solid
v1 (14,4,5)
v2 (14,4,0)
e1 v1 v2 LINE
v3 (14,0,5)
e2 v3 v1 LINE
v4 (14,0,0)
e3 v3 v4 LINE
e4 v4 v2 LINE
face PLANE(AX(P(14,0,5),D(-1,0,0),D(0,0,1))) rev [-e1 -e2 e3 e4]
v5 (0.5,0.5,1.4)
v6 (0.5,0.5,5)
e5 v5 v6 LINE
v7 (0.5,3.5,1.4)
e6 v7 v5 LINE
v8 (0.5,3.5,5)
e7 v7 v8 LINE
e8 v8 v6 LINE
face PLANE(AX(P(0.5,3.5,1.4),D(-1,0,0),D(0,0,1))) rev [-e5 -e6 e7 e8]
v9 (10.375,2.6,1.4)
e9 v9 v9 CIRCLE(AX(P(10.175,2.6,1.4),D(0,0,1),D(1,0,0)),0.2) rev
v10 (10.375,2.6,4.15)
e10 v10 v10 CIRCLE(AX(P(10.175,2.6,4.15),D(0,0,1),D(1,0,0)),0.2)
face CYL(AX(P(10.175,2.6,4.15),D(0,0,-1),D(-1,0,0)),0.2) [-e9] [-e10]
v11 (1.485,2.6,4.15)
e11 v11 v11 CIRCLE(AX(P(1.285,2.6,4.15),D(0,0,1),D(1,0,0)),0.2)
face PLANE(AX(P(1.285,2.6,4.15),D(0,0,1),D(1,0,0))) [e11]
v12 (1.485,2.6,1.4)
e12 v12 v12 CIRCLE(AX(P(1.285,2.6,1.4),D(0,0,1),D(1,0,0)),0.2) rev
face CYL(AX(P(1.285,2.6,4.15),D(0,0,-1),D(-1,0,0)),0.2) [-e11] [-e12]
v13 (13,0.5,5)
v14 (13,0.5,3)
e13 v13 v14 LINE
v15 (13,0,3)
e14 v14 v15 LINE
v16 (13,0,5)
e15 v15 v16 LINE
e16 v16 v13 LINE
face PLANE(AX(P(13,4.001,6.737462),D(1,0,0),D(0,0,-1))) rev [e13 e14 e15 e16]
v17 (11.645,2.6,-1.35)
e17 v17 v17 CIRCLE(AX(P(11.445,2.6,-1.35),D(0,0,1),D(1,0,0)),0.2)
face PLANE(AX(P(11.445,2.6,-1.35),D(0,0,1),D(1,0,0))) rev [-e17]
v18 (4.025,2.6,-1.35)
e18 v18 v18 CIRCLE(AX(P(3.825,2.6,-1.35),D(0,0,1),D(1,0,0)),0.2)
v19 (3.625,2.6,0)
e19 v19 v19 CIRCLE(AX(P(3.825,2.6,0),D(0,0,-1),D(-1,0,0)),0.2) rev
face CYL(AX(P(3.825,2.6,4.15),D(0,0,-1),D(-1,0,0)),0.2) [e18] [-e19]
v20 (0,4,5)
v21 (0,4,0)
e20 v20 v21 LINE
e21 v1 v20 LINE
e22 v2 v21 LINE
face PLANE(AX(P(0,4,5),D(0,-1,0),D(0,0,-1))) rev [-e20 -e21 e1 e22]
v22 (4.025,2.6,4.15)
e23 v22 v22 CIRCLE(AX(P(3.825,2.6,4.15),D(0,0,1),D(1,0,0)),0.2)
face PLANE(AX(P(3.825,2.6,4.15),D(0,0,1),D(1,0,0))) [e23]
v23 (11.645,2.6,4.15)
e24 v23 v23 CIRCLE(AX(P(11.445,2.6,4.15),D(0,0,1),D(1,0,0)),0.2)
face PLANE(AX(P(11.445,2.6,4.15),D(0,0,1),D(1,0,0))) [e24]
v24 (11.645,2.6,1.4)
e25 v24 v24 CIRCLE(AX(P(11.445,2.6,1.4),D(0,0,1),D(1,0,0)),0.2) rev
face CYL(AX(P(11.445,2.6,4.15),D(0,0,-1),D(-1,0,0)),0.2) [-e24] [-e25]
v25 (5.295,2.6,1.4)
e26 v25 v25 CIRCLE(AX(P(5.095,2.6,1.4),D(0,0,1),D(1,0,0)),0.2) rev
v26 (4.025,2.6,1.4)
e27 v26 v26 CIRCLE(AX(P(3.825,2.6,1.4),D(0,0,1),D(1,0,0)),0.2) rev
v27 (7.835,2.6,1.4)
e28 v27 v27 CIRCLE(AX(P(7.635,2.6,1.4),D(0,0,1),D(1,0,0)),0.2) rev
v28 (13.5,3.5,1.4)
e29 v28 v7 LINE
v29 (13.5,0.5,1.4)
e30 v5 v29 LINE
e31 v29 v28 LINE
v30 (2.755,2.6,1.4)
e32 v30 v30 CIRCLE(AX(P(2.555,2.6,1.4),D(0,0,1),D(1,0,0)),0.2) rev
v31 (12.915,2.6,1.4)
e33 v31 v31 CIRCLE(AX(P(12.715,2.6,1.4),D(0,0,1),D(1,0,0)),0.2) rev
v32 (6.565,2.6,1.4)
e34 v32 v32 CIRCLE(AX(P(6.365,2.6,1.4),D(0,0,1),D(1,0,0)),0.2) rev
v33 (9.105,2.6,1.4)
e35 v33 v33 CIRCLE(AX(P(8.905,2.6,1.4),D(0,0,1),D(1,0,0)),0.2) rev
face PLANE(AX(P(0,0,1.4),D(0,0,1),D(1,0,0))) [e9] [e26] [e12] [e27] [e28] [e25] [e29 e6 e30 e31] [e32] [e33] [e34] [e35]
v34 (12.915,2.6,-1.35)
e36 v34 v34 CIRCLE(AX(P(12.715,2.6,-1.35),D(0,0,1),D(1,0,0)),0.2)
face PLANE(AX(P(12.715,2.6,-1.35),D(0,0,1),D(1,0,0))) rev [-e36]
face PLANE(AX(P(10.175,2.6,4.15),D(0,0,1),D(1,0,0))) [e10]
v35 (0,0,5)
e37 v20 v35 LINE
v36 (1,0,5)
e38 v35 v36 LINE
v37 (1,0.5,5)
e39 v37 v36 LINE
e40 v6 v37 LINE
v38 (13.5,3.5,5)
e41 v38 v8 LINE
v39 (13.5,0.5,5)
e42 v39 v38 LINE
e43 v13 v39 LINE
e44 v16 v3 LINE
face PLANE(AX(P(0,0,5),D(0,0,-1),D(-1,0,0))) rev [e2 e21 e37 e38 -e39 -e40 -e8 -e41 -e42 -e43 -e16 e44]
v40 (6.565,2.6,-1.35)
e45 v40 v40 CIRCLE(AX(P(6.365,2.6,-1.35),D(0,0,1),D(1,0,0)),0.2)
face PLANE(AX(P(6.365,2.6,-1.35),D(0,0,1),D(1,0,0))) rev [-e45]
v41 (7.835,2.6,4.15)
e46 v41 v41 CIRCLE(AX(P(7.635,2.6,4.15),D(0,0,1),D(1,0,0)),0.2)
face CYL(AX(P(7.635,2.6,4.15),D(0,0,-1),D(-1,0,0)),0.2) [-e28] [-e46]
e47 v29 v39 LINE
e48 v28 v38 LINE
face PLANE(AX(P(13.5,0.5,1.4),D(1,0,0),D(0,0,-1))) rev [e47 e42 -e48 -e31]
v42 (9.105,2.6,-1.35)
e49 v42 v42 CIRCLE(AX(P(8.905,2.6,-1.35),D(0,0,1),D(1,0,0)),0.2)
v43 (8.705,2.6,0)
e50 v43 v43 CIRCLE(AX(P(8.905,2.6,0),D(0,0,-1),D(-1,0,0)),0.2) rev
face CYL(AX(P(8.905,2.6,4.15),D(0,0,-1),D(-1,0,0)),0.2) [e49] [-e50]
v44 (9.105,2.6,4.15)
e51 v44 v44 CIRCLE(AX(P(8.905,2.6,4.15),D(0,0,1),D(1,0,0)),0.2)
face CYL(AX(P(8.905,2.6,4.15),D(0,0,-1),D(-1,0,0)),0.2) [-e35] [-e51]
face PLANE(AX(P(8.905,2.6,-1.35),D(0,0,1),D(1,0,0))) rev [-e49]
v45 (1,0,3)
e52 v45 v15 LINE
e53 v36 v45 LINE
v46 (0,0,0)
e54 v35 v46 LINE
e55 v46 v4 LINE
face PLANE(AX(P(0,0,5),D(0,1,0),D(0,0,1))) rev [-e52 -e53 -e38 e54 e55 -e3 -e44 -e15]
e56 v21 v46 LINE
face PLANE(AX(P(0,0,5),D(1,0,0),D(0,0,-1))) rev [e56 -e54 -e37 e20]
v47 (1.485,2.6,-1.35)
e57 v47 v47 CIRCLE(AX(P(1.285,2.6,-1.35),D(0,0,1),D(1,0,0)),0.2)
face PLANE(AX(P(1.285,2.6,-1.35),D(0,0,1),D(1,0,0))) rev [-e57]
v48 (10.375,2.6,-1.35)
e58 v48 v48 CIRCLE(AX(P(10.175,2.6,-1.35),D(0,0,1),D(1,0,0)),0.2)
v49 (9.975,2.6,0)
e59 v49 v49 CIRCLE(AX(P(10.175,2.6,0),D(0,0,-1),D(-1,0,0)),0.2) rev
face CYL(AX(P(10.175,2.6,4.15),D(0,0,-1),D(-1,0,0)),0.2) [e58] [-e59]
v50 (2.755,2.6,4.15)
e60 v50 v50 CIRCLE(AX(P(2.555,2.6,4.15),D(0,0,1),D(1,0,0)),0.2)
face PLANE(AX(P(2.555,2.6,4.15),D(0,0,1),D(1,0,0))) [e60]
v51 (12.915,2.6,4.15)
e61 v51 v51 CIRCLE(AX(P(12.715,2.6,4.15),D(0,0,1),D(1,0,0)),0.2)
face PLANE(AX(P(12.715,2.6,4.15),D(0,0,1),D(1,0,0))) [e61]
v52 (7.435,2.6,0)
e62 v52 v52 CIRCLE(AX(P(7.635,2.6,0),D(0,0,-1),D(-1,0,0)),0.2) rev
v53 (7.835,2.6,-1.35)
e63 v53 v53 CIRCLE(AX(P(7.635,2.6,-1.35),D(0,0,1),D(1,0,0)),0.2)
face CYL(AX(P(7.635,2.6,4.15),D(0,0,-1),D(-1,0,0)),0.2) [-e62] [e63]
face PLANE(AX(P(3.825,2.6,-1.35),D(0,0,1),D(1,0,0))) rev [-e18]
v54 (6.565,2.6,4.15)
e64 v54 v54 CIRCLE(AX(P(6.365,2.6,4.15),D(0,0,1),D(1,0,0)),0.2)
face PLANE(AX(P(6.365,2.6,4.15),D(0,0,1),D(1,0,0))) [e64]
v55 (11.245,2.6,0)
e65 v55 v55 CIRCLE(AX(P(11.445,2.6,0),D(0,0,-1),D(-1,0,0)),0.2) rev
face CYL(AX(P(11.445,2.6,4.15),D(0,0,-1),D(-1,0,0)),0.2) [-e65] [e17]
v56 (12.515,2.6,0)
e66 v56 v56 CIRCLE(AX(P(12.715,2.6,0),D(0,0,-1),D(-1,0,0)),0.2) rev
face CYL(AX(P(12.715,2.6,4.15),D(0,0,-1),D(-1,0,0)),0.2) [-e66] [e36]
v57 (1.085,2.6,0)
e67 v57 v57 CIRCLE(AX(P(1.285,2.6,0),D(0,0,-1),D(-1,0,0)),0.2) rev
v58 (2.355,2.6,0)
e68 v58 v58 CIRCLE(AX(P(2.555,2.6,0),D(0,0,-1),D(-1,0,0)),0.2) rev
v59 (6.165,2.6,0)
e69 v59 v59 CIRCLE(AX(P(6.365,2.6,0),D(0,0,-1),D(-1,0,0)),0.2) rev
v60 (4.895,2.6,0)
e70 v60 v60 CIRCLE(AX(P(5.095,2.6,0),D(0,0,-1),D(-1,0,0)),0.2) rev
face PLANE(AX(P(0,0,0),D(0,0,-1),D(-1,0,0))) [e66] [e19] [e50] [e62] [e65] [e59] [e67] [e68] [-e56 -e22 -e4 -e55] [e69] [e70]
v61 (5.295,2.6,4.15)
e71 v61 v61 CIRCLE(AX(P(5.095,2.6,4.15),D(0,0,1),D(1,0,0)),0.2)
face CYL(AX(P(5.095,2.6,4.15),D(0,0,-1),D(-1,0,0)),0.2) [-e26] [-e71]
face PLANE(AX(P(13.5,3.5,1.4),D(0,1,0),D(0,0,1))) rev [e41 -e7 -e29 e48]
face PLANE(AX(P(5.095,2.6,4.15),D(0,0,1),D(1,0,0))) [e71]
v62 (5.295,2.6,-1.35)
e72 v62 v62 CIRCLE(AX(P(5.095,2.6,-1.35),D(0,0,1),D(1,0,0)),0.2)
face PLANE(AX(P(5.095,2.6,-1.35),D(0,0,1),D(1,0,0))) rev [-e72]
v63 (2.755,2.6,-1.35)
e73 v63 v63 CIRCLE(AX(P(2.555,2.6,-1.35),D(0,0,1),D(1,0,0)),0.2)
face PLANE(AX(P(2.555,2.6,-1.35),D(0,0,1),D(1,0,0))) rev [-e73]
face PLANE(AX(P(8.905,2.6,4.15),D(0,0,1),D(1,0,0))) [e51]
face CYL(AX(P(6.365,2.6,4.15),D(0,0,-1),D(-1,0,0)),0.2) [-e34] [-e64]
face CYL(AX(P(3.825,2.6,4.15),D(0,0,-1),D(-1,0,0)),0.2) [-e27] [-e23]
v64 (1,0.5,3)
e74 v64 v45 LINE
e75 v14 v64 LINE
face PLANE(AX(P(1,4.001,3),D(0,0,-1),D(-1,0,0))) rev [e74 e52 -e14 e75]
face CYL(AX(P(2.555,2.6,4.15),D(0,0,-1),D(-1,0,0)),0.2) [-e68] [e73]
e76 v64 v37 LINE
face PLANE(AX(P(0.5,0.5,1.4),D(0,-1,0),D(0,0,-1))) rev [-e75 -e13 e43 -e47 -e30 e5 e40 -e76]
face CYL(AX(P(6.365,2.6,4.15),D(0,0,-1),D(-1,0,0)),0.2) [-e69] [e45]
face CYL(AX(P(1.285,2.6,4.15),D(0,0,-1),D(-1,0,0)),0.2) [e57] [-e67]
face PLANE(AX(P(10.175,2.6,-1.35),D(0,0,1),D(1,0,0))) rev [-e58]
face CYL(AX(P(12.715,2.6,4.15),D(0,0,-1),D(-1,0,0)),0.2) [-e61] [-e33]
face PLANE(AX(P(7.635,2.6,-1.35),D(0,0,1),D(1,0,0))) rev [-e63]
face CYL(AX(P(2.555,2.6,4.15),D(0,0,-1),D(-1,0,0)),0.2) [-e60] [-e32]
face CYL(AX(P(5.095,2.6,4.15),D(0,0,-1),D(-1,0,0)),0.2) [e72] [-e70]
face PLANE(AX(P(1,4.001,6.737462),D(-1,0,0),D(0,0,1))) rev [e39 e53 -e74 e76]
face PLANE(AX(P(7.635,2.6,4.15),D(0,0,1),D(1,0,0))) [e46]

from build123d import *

# Parameters (mm, degrees)
SKETCH_1_W             = 14
SKETCH_1_H             = 4
EXTRUDE_1_DEPTH        = 5
SKETCH_2_W             = 13
SKETCH_2_H             = 3
CUT_EXTRUDE_1_DEPTH    = 3.6
CUT_EXTRUDE_2_REACH    = 17.395
SKETCH_3_W             = 12
SKETCH_3_H             = 3.737461846
SKETCH_4_R             = 0.2
EXTRUDE_2_DEPTH        = 2.75
PATTERN_LINEAR_1_COUNT = 10
PATTERN_LINEAR_1_PITCH = 1.27


with BuildPart() as part:
    # 草图1 → 凸台-拉伸1 (new body)
    with BuildSketch(Plane.XY):
        with Locations((7, 2)):
            Rectangle(SKETCH_1_W, SKETCH_1_H)
    extrude(amount=EXTRUDE_1_DEPTH)

    # 草图2 → 切除-拉伸1 (cut)
    with BuildSketch(Plane.XY.offset(5)):
        with Locations((7, 2)):
            Rectangle(SKETCH_2_W, SKETCH_2_H)
    extrude(amount=-CUT_EXTRUDE_1_DEPTH, mode=Mode.SUBTRACT)

    # 草图3 → 切除-拉伸2 (cut, up to next)
    with BuildSketch(Plane.XZ, mode=Mode.PRIVATE) as cut_extrude_2_sk1:
        with Locations((7, 4.868730923)):
            Rectangle(SKETCH_3_W, SKETCH_3_H)
    cut_extrude_2_tool1 = extrude(cut_extrude_2_sk1.sketch, amount=-CUT_EXTRUDE_2_REACH, mode=Mode.PRIVATE) & part.part
    add(cut_extrude_2_tool1.solids().sort_by_distance((7, 0, 4.868731))[0], mode=Mode.SUBTRACT)

    # 草图4 → 凸台-拉伸2 (add, symmetric)
    with BuildSketch(Plane.XY.offset(1.4)):
        with Locations((1.285, 2.6)):
            Circle(SKETCH_4_R)
    extrude_2 = extrude(amount=EXTRUDE_2_DEPTH, both=True)

    # 阵列(线性)1: 凸台-拉伸2 ×10
    with Locations(*[(i * PATTERN_LINEAR_1_PITCH, 0, 0) for i in range(1, PATTERN_LINEAR_1_COUNT)]):
        add(extrude_2)


solid = part.part
